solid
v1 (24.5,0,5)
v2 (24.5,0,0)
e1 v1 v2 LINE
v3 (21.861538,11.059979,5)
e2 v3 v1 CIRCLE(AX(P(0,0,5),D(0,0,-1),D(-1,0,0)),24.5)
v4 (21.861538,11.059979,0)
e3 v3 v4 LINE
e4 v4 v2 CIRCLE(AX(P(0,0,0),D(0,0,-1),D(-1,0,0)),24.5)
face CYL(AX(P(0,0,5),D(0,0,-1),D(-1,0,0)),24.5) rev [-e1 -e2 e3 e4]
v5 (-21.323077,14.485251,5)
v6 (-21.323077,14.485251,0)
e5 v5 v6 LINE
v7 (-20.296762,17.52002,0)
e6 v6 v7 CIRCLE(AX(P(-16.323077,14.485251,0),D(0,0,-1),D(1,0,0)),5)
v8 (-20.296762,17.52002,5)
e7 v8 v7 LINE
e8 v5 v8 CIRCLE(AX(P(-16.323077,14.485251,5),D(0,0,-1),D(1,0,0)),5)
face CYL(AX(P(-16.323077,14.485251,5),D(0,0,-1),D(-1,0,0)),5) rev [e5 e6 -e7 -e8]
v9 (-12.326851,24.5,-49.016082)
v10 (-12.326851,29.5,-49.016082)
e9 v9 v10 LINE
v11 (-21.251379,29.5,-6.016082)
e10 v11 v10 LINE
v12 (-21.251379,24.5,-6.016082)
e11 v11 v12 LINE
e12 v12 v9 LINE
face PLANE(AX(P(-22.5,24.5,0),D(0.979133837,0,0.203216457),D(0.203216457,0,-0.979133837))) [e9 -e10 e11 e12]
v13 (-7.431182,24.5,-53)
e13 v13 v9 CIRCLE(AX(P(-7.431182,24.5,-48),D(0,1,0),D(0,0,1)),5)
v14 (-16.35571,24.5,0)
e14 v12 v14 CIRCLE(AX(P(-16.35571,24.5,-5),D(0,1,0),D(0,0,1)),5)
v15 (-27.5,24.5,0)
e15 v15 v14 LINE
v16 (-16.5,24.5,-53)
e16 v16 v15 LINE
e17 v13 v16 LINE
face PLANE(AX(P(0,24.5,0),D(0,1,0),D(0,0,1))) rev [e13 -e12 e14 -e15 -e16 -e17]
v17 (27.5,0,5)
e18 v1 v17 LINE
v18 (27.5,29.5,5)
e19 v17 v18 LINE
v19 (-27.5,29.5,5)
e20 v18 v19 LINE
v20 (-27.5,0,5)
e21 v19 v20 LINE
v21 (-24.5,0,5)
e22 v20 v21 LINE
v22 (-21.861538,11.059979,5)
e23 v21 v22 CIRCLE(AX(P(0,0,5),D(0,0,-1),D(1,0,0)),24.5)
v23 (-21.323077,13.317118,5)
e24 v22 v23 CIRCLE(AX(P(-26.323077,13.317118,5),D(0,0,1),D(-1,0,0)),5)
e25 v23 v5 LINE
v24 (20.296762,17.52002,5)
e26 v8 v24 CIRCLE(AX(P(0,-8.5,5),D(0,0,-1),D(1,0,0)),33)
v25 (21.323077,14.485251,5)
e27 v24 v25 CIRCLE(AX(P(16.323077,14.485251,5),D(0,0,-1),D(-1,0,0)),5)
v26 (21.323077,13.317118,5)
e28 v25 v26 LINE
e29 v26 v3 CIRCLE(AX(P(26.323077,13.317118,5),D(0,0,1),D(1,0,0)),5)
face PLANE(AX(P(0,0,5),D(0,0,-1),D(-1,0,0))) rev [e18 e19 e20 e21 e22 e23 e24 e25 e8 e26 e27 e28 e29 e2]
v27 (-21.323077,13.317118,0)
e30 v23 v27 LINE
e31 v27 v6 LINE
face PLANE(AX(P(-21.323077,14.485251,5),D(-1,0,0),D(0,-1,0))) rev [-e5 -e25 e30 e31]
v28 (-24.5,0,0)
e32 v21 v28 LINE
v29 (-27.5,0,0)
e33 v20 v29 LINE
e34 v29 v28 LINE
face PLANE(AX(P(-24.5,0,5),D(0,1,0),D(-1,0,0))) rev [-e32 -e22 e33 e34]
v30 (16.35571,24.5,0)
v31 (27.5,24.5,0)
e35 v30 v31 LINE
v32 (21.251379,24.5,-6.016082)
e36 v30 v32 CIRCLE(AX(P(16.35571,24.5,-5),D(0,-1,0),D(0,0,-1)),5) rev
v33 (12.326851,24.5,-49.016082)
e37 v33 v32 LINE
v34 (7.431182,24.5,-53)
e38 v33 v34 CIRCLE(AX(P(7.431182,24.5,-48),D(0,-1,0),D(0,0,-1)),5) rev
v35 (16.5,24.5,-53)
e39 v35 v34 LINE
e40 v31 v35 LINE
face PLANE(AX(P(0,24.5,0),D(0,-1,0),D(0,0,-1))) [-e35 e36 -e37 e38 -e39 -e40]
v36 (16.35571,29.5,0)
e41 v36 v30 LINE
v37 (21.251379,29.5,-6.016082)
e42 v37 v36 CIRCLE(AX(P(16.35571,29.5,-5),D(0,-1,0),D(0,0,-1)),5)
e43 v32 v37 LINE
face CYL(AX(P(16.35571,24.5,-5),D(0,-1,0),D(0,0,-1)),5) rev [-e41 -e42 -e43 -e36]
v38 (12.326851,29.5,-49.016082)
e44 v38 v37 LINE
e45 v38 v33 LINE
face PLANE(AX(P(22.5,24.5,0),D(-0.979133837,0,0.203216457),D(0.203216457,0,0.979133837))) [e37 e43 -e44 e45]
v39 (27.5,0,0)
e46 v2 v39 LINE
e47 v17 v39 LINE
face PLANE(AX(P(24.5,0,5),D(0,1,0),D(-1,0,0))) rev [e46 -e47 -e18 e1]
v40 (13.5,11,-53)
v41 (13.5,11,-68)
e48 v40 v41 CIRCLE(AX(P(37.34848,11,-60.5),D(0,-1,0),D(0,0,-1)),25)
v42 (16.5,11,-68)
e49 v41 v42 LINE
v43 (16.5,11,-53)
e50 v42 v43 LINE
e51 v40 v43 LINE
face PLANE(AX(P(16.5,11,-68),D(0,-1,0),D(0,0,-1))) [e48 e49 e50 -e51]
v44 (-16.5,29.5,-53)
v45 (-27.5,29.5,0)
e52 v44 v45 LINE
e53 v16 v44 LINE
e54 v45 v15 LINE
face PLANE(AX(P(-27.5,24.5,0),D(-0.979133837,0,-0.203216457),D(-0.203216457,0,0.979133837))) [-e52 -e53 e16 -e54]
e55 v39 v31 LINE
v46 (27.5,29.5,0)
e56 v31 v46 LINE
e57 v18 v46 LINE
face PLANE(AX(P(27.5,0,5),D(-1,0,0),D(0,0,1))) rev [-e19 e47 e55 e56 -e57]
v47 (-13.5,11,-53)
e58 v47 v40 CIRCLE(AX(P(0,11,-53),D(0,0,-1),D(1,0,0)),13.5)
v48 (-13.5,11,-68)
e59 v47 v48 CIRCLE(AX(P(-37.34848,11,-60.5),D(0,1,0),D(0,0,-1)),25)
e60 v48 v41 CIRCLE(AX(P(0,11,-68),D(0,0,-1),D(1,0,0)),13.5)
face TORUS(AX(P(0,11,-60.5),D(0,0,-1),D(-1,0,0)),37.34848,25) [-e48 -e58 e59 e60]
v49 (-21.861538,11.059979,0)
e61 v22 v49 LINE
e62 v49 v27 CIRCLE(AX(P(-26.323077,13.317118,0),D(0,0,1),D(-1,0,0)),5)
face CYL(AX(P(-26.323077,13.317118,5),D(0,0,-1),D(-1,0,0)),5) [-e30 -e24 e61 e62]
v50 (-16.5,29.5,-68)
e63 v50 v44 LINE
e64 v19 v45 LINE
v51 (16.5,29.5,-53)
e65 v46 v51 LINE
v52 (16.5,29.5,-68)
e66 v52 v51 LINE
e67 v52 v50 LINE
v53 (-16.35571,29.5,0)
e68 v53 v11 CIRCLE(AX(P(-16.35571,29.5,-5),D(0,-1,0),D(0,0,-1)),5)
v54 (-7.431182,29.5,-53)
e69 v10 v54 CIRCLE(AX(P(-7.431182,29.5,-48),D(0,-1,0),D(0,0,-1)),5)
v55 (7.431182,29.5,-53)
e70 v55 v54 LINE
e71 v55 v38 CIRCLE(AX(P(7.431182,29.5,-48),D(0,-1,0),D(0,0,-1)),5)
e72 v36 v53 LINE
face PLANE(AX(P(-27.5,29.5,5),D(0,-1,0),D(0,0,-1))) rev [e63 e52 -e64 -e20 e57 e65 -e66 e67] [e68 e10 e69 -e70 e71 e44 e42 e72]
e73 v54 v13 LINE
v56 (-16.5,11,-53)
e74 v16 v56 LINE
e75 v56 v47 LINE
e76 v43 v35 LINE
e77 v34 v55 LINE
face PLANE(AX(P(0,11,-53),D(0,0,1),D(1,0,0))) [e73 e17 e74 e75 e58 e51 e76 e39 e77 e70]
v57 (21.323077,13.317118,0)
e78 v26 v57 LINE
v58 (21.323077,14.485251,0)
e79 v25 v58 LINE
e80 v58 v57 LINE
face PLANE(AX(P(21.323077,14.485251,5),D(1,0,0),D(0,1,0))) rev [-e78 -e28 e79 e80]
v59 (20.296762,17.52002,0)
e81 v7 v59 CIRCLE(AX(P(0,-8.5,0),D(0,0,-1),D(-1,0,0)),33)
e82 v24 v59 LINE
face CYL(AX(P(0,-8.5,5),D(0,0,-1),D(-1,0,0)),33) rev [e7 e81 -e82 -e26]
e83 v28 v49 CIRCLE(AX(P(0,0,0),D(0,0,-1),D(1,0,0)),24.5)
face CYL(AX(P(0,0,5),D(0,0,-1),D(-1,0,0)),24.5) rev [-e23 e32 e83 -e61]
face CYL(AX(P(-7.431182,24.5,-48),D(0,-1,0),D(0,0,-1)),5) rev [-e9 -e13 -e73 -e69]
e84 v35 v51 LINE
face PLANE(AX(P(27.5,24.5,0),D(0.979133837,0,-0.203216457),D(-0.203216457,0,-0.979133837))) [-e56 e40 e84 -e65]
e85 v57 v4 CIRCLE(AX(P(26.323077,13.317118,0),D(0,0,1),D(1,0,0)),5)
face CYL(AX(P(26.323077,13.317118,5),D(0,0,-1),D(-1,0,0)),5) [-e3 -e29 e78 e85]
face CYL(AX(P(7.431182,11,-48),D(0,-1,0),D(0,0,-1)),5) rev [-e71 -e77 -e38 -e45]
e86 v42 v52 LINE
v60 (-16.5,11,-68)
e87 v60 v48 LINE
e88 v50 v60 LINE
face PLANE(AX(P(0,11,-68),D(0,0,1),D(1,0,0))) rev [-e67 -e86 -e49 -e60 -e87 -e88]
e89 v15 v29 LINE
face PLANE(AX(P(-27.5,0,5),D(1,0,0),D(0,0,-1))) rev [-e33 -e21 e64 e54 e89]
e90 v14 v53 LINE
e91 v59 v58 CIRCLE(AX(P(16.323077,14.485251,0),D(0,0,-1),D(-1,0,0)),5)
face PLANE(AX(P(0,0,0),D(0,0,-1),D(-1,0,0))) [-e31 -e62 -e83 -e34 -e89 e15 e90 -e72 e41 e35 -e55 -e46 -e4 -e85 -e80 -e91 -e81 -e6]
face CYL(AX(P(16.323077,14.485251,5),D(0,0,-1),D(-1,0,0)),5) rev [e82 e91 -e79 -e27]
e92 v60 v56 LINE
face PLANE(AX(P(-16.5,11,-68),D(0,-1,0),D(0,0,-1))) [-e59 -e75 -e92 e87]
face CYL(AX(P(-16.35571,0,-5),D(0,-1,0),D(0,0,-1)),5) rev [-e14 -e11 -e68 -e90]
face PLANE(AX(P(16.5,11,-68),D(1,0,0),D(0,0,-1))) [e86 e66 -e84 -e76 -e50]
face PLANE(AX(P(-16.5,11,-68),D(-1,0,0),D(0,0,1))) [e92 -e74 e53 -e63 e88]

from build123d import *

# Parameters (mm, degrees)
BOSS_EXTRUDE1_DEPTH = 5
BOSS_EXTRUDE2_START = -53
BOSS_EXTRUDE2_DEPTH = 15
REVOLVE2_ANGLE      = 180
BOSS_EXTRUDE3_DEPTH = 5
FILLET1_R           = 5


with BuildPart() as part:
    # Sketch1 → Boss-Extrude1 (new body)
    with BuildSketch(Plane.XY):
        with BuildLine():
            Line((-21.323076923, 14.485250559), (-21.323076923, 13.317117605))
            ThreePointArc((-21.323076923, 13.317117605), (-21.459554932, 12.156878903), (-21.861538462, 11.059979028))
            ThreePointArc((-21.861538462, 11.059979028), (-23.831257754, 5.685169641), (-24.5, 0))
            Line((-24.5, 0), (-27.5, 0))
            Line((-27.5, 0), (-27.5, 29.5))
            Line((-27.5, 29.5), (27.5, 29.5))
            Line((27.5, 29.5), (27.5, 0))
            Line((27.5, 0), (24.5, 0))
            ThreePointArc((24.5, 0), (23.831257754, 5.685169641), (21.861538462, 11.059979028))
            ThreePointArc((21.861538462, 11.059979028), (21.459554932, 12.156878903), (21.323076923, 13.317117605))
            Line((21.323076923, 13.317117605), (21.323076923, 14.485250559))
            ThreePointArc((21.323076923, 14.485250559), (21.059553746, 16.08705807), (20.296762002, 17.52002022))
            ThreePointArc((20.296762002, 17.52002022), (10.731713115, 22.70625472), (0, 24.5))
            ThreePointArc((0, 24.5), (-10.731713115, 22.70625472), (-20.296762002, 17.52002022))
            ThreePointArc((-20.296762002, 17.52002022), (-21.059553746, 16.08705807), (-21.323076923, 14.485250559))
        make_face()
    extrude(amount=BOSS_EXTRUDE1_DEPTH)



with BuildPart() as body_2:
    # Sketch2 → Boss-Extrude2 (new body)
    with BuildSketch(Plane.XY.offset(BOSS_EXTRUDE2_START)):
        with BuildLine():
            Line((-16.5, 11), (-13.5, 11))
            ThreePointArc((-13.5, 11), (0, 24.5), (13.5, 11))
            Line((13.5, 11), (16.5, 11))
            Line((16.5, 11), (16.5, 29.5))
            Line((16.5, 29.5), (-16.5, 29.5))
            Line((-16.5, 29.5), (-16.5, 11))
        make_face()
    extrude(amount=-BOSS_EXTRUDE2_DEPTH)

    # Sketch5 → Revolve2 (revolve)
    with BuildSketch(Plane.XZ.offset(-11)):
        with BuildLine():
            Line((13.5, -53), (13.5, -68))
            ThreePointArc((13.5, -68), (12.348480035, -60.5), (13.5, -53))
        make_face()
    revolve(axis=Axis((0, 11, -60.5), (0, 0, 1)), revolution_arc=REVOLVE2_ANGLE)


with BuildPart() as part_1:
    add(part.part)

    add(body_2.part)  # Boss-Extrude3 merges body 2
    # Sketch6 → Boss-Extrude3 (add)
    with BuildSketch(Plane(origin=(0, 29.5, 0), x_dir=(1, 0, 0), z_dir=(0, 1, 0))):
        Polygon((-27.5, 0), (-16.5, 53), (-11.5, 53), (-22.5, 0), align=None)
        Polygon((22.5, 0), (11.5, 53), (16.5, 53), (27.5, 0), align=None)
    extrude(amount=-BOSS_EXTRUDE3_DEPTH)

    # Fillet1
    fillet1_edges = [part_1.edges().sort_by_distance(p)[0] for p in [
        (-22.5, 27, 0),
        (-11.5, 27, -53),
        (22.5, 27, 0),
        (11.5, 27, -53),
    ]]
    fillet(fillet1_edges, radius=FILLET1_R)


solid = part_1.part
